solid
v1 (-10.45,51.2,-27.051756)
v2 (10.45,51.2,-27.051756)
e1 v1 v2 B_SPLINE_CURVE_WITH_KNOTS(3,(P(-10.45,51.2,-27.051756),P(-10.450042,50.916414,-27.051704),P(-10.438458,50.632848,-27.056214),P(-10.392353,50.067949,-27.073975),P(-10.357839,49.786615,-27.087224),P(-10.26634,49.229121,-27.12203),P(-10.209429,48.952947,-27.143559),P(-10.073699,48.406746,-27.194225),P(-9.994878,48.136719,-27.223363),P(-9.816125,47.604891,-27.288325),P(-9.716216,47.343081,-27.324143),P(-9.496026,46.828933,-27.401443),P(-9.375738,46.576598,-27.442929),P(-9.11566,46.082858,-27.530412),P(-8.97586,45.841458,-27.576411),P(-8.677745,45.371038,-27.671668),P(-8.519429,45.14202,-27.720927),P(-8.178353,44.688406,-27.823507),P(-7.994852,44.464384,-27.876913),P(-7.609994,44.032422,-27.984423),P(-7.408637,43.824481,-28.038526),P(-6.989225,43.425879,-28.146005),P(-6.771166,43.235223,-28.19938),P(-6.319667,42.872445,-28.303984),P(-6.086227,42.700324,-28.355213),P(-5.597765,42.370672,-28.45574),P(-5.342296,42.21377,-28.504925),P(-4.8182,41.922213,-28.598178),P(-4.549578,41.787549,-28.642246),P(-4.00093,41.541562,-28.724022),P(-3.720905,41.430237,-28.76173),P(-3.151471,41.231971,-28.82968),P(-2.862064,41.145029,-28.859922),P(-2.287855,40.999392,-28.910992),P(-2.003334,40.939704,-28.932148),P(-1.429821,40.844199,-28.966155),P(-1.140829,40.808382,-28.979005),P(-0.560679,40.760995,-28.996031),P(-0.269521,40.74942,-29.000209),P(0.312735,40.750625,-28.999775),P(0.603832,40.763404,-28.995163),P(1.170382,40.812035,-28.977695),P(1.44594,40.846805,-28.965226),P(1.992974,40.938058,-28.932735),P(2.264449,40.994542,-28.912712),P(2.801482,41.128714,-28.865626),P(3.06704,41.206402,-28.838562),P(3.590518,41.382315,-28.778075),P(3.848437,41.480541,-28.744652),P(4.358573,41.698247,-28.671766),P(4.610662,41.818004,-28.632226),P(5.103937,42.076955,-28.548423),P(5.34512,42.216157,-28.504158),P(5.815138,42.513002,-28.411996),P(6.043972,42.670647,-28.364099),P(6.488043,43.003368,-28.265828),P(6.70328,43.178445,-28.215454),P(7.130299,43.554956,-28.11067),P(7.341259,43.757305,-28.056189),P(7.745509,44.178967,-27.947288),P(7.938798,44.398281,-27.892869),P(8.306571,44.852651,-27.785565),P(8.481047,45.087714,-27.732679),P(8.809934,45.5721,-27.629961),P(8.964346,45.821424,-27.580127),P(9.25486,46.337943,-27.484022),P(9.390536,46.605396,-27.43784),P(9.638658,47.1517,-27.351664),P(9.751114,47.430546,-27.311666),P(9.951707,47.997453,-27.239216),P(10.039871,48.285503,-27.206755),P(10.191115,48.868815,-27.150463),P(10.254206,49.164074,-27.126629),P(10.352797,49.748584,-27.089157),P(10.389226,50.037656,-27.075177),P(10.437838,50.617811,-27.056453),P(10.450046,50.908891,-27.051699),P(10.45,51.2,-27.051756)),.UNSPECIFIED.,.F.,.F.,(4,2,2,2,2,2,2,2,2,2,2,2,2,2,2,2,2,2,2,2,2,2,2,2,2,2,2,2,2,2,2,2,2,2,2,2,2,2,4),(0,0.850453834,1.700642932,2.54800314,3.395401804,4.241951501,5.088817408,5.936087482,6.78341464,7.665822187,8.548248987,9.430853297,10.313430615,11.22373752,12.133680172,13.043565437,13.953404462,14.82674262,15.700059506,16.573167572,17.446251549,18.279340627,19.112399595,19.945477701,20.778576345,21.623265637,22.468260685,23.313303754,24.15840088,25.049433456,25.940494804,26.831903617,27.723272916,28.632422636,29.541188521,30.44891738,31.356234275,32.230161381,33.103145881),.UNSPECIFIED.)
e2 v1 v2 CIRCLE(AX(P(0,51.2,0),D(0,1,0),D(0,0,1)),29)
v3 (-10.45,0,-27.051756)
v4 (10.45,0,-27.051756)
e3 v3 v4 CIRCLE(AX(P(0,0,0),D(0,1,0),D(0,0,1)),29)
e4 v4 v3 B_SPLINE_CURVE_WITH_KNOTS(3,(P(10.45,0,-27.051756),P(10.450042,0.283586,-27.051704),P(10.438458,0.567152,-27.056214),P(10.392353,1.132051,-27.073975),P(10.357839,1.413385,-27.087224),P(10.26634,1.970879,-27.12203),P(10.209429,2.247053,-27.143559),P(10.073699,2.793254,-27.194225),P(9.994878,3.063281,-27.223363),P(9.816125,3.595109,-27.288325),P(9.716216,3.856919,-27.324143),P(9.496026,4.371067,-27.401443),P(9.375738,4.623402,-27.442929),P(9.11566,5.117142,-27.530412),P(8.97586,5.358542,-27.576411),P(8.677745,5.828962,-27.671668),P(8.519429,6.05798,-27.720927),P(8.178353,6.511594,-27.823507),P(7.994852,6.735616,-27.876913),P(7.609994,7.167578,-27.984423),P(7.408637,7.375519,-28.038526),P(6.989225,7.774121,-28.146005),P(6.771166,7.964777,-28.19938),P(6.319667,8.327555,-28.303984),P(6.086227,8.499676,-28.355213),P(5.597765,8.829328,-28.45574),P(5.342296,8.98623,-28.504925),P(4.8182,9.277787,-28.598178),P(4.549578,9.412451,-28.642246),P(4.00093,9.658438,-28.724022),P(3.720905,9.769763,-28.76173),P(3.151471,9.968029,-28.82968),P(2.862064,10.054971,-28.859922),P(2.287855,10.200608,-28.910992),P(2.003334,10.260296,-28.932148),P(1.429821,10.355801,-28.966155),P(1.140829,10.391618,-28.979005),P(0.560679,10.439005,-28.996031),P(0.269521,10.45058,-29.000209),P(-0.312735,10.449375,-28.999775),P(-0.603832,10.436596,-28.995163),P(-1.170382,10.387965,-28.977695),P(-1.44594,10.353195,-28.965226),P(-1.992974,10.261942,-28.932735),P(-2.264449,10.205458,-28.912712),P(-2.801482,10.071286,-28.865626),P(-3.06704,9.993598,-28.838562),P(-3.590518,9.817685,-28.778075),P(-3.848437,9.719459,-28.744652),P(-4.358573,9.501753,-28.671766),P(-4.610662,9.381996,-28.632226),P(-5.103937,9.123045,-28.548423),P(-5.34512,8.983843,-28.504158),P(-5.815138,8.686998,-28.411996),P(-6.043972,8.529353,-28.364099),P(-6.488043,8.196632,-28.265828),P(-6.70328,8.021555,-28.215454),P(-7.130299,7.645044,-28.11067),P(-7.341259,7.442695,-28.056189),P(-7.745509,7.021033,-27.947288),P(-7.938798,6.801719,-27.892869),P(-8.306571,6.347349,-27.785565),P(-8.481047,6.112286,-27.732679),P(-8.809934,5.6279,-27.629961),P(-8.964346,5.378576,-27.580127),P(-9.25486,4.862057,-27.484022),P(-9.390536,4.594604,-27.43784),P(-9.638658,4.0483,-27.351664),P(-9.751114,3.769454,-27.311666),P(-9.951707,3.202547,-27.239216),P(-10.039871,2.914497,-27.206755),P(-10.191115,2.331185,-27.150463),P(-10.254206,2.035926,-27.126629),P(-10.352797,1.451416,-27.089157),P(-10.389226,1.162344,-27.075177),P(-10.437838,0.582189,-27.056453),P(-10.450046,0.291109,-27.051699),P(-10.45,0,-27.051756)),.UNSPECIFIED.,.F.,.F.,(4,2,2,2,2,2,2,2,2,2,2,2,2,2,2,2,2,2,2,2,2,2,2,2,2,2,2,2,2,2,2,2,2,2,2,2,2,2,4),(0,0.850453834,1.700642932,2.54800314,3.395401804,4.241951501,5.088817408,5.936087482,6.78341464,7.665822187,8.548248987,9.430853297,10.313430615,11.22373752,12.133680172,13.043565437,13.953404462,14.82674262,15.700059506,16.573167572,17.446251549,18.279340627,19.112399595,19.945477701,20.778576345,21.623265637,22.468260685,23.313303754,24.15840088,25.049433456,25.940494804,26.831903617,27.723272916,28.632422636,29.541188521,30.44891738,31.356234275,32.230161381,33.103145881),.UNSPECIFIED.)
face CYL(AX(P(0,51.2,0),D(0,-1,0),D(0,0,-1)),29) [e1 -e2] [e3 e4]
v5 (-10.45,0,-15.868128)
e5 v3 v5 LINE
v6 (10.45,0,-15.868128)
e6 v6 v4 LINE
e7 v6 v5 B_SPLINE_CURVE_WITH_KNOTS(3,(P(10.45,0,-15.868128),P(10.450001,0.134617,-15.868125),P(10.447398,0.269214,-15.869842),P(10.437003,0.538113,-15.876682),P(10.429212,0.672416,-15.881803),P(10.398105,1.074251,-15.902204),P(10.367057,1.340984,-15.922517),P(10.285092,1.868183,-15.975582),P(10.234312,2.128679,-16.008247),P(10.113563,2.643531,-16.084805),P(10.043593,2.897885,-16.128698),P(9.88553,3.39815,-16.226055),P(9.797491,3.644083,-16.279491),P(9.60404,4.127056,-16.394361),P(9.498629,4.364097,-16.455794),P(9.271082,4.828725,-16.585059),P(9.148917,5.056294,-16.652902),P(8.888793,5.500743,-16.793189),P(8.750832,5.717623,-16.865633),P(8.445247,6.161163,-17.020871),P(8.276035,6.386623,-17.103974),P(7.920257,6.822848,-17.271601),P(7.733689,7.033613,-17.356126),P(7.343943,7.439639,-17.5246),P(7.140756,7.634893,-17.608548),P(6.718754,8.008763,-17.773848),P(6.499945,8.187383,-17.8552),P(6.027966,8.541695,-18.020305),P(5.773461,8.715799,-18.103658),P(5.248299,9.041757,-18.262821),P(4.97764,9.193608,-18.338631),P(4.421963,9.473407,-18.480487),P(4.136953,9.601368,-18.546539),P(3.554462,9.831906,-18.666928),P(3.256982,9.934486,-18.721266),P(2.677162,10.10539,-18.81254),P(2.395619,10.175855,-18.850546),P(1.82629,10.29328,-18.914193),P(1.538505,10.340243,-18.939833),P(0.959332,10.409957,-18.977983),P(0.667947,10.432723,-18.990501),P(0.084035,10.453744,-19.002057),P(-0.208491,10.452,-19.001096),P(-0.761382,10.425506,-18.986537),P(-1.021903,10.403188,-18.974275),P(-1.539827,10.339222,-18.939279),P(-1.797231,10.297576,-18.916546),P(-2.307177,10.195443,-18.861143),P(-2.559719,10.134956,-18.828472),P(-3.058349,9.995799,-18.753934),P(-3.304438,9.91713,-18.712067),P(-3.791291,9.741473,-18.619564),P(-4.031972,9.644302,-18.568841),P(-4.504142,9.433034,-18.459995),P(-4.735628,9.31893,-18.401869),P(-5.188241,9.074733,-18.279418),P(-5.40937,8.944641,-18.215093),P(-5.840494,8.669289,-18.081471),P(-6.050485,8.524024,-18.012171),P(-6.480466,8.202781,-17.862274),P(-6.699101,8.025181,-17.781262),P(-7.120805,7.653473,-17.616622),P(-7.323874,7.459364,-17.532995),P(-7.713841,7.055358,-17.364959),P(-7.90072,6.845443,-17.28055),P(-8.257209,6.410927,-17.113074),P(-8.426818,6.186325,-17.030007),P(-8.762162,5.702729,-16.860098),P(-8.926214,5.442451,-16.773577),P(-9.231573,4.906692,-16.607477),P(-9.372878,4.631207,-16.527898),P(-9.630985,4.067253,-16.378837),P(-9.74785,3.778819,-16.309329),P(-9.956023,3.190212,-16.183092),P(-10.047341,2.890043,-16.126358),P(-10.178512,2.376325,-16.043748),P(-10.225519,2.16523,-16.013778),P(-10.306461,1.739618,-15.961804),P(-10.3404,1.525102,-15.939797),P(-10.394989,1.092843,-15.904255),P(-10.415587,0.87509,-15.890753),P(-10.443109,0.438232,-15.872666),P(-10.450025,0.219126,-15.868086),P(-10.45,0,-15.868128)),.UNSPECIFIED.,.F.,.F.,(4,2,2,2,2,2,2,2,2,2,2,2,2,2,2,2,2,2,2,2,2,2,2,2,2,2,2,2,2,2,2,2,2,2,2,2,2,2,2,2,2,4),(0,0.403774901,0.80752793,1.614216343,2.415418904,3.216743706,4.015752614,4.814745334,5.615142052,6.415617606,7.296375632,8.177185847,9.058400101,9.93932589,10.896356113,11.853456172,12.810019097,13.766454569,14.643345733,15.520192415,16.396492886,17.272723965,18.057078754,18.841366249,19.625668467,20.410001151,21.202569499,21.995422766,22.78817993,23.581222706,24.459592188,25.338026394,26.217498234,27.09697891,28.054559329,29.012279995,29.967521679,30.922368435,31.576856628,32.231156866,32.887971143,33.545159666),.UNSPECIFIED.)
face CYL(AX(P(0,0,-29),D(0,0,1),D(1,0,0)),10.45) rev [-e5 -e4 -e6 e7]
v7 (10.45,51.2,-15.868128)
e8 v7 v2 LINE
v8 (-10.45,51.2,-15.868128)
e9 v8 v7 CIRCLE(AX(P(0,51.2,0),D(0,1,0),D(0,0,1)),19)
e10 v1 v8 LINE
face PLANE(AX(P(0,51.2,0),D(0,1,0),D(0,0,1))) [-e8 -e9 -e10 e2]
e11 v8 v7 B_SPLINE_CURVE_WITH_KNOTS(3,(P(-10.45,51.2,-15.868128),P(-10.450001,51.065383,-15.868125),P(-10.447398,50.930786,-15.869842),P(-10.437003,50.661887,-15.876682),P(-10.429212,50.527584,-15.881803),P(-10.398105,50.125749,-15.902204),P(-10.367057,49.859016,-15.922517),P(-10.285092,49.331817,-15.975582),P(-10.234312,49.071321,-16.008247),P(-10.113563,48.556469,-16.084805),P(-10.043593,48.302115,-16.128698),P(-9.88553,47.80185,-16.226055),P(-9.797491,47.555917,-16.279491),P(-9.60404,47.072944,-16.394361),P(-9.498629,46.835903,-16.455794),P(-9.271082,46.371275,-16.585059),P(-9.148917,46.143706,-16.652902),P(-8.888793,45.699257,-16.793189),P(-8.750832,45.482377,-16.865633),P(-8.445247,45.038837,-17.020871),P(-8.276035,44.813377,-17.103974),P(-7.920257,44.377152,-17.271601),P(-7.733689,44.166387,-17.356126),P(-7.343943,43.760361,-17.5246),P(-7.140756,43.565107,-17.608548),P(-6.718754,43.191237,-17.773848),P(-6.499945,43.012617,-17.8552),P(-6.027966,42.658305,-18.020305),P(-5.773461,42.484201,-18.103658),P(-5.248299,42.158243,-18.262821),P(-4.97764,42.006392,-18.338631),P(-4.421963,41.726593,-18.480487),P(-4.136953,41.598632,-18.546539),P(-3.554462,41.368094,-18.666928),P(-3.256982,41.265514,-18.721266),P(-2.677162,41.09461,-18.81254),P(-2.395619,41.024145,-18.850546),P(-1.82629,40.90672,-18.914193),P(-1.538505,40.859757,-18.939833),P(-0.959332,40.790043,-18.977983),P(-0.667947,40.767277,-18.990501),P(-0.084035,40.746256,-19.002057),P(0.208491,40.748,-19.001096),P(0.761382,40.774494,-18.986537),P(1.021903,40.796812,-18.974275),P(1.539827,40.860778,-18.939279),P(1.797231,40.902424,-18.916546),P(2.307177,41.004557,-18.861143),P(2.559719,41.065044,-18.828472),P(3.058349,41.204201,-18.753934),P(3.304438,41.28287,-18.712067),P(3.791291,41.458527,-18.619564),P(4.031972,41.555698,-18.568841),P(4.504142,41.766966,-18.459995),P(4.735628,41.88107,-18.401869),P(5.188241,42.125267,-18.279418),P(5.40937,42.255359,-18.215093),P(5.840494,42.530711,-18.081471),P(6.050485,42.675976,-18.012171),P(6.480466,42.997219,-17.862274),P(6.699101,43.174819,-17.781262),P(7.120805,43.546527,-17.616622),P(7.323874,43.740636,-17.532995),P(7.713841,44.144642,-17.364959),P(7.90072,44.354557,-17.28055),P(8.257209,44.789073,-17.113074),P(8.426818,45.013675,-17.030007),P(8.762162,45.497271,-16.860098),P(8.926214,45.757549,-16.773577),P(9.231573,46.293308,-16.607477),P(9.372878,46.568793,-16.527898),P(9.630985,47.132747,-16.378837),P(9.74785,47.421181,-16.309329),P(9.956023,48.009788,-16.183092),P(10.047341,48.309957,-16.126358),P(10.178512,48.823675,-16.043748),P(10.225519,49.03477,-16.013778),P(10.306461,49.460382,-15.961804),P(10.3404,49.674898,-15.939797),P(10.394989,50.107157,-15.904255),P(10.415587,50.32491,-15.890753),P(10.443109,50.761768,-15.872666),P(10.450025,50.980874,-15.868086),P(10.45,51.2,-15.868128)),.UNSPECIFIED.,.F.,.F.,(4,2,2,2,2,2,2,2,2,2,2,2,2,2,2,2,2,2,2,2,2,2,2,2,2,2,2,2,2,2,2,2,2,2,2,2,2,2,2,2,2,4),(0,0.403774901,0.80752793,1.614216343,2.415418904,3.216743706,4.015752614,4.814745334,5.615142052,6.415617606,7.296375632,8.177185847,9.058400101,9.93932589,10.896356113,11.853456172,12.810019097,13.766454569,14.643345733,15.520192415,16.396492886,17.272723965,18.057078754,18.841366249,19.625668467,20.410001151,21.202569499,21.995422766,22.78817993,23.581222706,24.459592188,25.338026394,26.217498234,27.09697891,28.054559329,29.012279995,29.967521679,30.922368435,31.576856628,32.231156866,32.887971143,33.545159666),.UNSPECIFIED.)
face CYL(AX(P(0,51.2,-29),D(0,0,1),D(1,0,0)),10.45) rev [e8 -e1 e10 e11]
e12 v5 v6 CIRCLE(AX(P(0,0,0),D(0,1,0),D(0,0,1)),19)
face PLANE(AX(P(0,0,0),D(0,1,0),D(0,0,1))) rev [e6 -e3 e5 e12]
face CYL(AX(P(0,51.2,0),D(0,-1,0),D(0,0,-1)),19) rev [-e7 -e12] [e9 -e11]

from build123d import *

# Parameters (mm, degrees)
SKETCH1_R           = 29
SKETCH1_R_2         = 19
BOSS_EXTRUDE1_DEPTH = 51.2
SKETCH2_R           = 10.45
CUT_EXTRUDE1_DEPTH  = 66.600609753


with BuildPart() as part:
    # Sketch1 → Boss-Extrude1 (new body)
    with BuildSketch(Plane(origin=(0, 0, 0), x_dir=(1, 0, 0), z_dir=(0, 1, 0))):
        with Locations(Location((0, 0, 0), (0, 0, 270))):
            Circle(SKETCH1_R)
        with Locations(Location((0, 0, 0), (0, 0, 270))):
            Circle(SKETCH1_R_2, mode=Mode.SUBTRACT)
    extrude(amount=BOSS_EXTRUDE1_DEPTH)

    # Sketch2 → Cut-Extrude1 (cut, through all)
    with BuildSketch(Plane.XY):
        with Locations((0, 51.2)):
            Circle(SKETCH2_R)
        Circle(SKETCH2_R)
    extrude(amount=-CUT_EXTRUDE1_DEPTH, mode=Mode.SUBTRACT)


solid = part.part
